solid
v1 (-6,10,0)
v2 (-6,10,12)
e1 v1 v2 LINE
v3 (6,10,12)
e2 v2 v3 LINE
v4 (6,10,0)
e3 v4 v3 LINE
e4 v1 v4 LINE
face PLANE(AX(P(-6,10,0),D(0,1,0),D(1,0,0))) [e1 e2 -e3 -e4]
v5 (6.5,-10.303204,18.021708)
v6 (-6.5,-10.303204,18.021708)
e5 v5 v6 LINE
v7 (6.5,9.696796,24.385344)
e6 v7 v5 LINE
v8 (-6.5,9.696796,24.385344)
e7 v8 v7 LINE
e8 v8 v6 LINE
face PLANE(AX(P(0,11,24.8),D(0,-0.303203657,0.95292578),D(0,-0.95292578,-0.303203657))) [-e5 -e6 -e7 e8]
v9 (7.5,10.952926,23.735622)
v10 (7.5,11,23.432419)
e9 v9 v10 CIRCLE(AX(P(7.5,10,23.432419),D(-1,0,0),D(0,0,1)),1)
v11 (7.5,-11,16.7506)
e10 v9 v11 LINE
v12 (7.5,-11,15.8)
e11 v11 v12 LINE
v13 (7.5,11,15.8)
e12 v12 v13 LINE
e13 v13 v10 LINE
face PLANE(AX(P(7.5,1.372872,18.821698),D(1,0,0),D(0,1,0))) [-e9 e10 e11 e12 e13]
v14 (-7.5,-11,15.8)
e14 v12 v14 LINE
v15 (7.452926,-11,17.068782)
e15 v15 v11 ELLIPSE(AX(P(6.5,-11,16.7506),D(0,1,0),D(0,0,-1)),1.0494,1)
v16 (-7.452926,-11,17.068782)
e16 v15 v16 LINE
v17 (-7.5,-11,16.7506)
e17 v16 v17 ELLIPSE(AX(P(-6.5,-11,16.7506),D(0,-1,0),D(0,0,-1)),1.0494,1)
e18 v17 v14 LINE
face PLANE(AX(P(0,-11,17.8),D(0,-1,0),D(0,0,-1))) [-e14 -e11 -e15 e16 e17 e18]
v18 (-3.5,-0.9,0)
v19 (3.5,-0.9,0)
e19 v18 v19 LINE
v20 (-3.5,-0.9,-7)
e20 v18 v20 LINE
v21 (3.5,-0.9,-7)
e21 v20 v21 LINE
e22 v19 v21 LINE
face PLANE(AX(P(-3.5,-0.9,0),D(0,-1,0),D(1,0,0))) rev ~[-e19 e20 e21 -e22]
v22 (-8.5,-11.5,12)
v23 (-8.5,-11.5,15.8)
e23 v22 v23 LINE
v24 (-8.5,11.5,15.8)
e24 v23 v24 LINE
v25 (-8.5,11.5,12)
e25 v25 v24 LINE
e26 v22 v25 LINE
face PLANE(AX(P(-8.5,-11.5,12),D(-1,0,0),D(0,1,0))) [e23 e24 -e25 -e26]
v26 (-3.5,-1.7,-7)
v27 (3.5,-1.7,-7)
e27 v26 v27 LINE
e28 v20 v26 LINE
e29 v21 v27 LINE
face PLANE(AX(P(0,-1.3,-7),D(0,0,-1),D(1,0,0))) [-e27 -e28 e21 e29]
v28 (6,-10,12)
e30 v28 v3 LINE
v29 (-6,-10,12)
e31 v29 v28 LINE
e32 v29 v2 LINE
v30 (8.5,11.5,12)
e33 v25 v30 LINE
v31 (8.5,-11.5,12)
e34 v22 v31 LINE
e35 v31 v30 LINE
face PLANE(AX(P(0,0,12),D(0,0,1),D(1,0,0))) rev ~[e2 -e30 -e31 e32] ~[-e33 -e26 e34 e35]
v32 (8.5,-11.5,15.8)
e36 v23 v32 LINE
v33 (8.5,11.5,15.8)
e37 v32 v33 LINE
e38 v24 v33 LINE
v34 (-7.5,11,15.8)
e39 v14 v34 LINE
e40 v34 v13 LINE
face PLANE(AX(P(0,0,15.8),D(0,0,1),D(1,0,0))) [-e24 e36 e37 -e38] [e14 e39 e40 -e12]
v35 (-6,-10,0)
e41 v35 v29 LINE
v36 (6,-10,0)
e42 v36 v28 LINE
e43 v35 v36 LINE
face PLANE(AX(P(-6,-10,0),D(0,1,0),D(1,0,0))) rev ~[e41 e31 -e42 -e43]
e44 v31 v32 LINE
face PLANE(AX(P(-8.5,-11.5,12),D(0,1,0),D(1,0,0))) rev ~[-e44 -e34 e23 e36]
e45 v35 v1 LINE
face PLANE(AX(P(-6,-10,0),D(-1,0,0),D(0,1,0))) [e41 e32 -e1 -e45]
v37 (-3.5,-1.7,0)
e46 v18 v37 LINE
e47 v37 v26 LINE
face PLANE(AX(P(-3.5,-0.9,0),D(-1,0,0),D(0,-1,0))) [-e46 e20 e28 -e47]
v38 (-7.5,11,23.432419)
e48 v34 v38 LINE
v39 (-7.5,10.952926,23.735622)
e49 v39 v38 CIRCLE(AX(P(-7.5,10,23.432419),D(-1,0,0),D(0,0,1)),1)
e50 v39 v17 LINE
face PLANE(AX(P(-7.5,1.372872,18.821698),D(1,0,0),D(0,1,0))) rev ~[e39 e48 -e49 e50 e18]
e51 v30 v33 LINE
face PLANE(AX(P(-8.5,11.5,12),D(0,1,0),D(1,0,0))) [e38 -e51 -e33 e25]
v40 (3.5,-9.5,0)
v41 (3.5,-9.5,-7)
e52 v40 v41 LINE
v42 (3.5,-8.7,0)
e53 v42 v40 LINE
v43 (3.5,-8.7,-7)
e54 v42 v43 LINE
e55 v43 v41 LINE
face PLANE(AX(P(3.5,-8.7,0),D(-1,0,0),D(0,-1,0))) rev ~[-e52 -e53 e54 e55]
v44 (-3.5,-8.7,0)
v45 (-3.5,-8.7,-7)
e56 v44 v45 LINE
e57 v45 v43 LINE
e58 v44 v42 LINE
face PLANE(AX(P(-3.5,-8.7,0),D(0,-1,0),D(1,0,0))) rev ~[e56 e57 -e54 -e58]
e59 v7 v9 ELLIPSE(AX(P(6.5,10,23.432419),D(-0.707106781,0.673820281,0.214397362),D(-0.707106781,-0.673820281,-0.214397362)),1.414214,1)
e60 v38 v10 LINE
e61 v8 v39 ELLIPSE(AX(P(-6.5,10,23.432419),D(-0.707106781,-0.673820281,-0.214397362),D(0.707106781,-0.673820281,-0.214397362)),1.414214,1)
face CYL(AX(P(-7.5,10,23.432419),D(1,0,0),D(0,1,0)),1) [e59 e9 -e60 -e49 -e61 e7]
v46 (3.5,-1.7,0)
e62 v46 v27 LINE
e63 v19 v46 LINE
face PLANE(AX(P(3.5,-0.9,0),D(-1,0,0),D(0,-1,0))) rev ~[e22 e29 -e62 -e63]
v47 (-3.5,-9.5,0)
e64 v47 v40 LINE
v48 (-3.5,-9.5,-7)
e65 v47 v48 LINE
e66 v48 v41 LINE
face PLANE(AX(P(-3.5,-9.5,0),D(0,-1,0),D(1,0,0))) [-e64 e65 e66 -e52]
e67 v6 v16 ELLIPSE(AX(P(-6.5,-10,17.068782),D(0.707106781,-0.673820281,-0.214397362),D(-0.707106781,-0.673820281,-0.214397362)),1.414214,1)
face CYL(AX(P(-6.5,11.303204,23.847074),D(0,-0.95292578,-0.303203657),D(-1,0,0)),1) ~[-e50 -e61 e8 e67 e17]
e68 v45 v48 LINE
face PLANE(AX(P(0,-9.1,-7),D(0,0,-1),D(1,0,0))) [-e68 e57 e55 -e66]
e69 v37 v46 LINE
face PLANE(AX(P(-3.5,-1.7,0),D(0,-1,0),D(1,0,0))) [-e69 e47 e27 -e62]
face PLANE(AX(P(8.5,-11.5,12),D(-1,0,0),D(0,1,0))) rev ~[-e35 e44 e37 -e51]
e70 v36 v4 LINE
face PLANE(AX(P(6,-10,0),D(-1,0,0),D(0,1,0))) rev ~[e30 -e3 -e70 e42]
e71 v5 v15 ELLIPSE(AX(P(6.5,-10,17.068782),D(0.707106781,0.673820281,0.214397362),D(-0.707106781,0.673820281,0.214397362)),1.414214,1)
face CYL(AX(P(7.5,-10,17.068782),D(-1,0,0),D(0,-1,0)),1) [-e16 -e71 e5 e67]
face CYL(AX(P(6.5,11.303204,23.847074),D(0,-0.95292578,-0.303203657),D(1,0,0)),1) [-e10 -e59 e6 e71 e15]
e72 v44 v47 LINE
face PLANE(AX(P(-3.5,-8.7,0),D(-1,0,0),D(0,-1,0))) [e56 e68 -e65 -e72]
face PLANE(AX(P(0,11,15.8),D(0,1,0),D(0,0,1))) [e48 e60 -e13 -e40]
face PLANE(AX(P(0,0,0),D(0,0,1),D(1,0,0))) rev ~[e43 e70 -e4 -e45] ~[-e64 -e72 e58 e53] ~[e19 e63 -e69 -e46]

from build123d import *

# Parameters (mm, degrees)
F0_W     = 12
F0_H     = 20
F1_DEPTH = 12
F2_W     = 17
F2_H     = 23
F2_W_2   = 12
F2_H_2   = 20
F3_DEPTH = 3.8
F4_W     = 7
F4_H     = 0.8
F5_DEPTH = 7
F7_DEPTH = 7.5
F8_R     = 1


with BuildPart() as f1:
    # F0 (on Top) → F1 (new body)
    with BuildSketch(Plane.XY):
        Rectangle(F0_W, F0_H)
    extrude(amount=F1_DEPTH)

    # F2 (on face) → F3 (join)
    with BuildSketch(Plane.XY.offset(12)):
        Rectangle(F2_W, F2_H)
        Rectangle(F2_W_2, F2_H_2, mode=Mode.SUBTRACT)
        Rectangle(F2_W_2, F2_H_2)
    extrude(amount=F3_DEPTH)

    # F4 (on face) → F5 (join)
    with BuildSketch(Plane(origin=(0, 0, 0), x_dir=(1, 0, 0), z_dir=(0, 0, -1))):
        with Locations((0, 9.1)):
            Rectangle(F4_W, F4_H)
        with Locations((0, 1.3)):
            Rectangle(F4_W, F4_H)
    extrude(amount=F5_DEPTH)

    # F6 (on Right) → F7 (join, symmetric)
    with BuildSketch(Plane.YZ):
        Polygon((-11, 15.8), (11, 15.8), (11, 24.8), (-11, 17.8), align=None)
    extrude(amount=F7_DEPTH, both=True)

    # F8
    f8_edges = [f1.edges().sort_by_distance(p)[0] for p in [
        (0, 11, 24.8),
        (-7.5, 0, 21.3),
        (0, -11, 17.8),
        (7.5, 0, 21.3),
    ]]
    fillet(f8_edges, radius=F8_R)


solid = f1.part
